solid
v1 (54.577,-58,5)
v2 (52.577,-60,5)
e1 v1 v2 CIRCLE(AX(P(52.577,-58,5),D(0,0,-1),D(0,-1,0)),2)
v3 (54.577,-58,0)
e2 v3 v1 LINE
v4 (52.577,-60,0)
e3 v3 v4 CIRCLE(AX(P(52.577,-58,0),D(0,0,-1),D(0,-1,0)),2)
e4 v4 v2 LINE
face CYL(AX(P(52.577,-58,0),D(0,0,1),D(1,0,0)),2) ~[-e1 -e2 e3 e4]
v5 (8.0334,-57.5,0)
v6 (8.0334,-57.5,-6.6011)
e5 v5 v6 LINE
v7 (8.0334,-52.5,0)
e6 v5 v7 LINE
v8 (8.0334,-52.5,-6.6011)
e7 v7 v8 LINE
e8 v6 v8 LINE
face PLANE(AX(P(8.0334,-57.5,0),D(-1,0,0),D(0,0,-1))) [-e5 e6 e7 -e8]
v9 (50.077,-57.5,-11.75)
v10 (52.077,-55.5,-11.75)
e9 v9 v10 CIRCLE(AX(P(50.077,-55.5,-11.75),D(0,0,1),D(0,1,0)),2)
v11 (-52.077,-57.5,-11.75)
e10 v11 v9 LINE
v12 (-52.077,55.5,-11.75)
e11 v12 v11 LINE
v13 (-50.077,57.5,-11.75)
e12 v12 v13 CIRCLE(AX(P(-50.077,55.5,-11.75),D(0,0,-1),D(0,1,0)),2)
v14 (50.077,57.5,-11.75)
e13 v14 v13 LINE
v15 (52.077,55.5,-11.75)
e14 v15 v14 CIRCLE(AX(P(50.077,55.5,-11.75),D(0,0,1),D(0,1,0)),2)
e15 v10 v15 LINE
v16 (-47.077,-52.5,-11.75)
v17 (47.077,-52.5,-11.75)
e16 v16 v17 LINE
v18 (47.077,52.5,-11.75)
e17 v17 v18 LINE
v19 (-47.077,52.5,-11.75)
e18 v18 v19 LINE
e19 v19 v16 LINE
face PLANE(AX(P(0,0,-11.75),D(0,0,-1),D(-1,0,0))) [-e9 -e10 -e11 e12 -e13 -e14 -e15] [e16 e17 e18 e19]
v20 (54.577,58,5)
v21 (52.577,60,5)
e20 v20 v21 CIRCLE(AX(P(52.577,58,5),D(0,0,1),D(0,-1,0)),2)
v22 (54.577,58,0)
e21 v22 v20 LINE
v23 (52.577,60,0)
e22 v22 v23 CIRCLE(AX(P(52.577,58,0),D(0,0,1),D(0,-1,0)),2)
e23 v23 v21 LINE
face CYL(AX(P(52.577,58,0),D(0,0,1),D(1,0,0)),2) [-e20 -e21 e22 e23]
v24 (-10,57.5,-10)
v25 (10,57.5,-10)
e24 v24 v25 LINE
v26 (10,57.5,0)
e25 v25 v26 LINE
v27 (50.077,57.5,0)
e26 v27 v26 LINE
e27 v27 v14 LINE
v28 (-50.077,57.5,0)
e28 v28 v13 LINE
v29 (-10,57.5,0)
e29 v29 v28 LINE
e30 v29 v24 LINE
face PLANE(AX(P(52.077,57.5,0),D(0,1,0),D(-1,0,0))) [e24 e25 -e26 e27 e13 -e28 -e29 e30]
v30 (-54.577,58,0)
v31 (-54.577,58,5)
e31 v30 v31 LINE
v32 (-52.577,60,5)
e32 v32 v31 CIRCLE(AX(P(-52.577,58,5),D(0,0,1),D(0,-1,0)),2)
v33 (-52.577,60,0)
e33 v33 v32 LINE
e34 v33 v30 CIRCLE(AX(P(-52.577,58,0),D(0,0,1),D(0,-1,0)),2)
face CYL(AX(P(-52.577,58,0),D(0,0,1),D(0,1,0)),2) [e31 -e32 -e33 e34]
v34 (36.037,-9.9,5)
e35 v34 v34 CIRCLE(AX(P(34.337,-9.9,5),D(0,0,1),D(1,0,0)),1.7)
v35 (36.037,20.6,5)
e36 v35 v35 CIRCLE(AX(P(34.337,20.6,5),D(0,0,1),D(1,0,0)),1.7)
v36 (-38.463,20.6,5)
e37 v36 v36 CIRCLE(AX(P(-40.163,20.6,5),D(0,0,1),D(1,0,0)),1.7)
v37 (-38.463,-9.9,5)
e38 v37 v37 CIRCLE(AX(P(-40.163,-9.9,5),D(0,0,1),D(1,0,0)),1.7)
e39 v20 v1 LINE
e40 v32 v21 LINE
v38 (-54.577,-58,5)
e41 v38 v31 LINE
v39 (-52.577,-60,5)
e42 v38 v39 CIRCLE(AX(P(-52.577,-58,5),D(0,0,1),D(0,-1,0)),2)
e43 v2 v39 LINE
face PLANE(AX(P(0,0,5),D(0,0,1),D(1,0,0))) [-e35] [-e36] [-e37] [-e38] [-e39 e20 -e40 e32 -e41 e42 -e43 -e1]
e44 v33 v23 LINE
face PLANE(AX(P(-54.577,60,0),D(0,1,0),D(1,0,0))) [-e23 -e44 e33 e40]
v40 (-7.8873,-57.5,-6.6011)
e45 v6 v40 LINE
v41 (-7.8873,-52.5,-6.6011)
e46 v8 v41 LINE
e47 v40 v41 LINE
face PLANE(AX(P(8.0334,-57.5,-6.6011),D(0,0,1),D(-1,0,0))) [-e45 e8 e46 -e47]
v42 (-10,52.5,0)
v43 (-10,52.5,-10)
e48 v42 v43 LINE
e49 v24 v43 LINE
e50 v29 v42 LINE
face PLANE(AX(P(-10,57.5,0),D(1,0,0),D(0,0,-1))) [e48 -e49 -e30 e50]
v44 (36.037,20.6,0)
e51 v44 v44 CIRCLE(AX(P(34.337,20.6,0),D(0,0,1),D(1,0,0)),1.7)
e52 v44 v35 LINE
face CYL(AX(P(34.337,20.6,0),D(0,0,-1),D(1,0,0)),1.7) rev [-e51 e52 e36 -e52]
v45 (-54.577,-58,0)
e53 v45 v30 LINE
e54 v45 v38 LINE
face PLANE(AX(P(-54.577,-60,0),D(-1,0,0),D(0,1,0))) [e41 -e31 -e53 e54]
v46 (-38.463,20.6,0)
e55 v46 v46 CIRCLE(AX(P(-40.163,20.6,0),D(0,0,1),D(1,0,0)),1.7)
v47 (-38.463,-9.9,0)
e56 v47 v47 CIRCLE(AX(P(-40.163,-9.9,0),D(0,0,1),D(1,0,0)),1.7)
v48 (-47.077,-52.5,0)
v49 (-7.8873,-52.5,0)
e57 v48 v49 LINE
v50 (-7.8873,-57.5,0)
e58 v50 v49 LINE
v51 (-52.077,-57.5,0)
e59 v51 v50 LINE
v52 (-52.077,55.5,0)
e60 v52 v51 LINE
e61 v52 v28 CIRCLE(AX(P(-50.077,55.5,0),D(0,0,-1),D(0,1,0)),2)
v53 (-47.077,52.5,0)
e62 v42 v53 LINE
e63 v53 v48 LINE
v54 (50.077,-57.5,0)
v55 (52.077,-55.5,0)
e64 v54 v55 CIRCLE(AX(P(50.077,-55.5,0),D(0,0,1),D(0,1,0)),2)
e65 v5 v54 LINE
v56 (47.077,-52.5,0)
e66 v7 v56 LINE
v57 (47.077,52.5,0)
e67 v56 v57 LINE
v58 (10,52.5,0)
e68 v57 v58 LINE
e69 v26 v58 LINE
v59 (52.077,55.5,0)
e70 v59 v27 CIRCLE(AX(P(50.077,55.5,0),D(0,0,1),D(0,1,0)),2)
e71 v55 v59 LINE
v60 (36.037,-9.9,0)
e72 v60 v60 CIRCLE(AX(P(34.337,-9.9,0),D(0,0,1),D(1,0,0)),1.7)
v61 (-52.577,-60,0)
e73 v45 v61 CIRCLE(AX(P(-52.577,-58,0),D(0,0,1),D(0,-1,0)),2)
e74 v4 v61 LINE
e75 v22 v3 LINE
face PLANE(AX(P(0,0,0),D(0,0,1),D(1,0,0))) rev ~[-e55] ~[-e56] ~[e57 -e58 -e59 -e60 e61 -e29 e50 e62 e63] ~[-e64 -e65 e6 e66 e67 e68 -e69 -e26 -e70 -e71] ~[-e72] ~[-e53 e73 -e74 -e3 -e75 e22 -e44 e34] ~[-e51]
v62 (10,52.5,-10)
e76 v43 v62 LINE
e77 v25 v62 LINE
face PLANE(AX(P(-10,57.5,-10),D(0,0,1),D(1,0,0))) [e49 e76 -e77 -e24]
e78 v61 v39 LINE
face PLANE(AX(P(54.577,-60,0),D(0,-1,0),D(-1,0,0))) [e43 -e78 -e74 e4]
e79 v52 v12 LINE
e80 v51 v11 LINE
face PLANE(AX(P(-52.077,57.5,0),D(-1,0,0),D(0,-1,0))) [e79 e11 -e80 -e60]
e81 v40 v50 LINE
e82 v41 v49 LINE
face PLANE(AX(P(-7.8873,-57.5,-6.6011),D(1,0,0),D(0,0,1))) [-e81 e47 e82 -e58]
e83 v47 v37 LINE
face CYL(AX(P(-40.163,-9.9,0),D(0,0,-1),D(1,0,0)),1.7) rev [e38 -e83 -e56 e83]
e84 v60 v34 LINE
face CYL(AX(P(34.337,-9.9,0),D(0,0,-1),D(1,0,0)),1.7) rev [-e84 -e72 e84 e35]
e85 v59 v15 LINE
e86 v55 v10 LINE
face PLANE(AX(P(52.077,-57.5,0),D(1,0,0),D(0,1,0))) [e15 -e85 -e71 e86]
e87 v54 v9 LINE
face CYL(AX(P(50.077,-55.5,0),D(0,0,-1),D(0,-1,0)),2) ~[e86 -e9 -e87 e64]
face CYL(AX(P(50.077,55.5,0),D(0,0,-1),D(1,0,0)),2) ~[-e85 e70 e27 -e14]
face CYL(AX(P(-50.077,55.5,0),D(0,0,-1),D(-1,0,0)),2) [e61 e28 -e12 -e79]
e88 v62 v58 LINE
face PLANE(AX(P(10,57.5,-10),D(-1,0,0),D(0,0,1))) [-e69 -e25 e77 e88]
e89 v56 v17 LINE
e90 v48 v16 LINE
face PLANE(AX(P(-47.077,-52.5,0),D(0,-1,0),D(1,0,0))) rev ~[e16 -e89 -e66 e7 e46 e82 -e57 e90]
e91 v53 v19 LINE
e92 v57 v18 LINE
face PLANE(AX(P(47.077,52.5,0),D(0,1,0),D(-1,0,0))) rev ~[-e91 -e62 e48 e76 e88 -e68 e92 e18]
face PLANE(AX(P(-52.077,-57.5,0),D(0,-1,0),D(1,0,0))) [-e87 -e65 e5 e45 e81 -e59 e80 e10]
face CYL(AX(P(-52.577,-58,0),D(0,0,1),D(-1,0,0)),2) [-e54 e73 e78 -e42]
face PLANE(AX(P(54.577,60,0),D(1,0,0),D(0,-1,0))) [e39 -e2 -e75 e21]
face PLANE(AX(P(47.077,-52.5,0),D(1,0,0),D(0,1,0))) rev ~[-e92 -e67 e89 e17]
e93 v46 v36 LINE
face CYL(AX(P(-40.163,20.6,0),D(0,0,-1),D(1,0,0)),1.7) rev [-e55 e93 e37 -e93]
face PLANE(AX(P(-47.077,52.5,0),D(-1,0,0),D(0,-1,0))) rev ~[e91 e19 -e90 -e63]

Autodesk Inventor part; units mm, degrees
ref_plane "YZ Plane" through (0, 0, 0) normal (1, 0, 0) x (0, 1, 0)
ref_plane "XZ Plane" through (0, 0, 0) normal (0, 1, 0) x (-1, 0, 0)
ref_plane "XY Plane" through (0, 0, 0) normal (0, 0, 1) x (1, 0, 0)
sketch "Sketch1" plane through (0, 0, 0) normal (0, 0, 1) x (1, 0, 0)
  line L0 (-44.577, -50) -> (44.577, -50) projected
  line L1 (44.577, -50) -> (44.577, 50) projected
  line L2 (44.577, 50) -> (-44.577, 50) projected
  line L3 (-44.577, 50) -> (-44.577, -50) projected
  line L4 (54.577, 60) -> (54.577, -60)
  line L5 (54.577, -60) -> (-54.577, -60)
  line L6 (-54.577, -60) -> (-54.577, 60)
  line L7 (-54.577, 60) -> (54.577, 60)
  circle A0 centre (34.337, -9.9) radius 1.7 projected
  circle A1 centre (34.337, 20.6) radius 1.7 projected
  circle A2 centre (-40.163, -9.9) radius 1.7 projected
  circle A3 centre (-40.163, 20.6) radius 1.7 projected
  point P0 (0, 0)
  dimension "d0" = 10
extrude "Extrusion1" add sketch "Sketch1" along normal blind 5 contours L3 L2 L1 L0 | L4 L5 L6 L7
sketch "Sketch2" plane through (0, 0, 0) normal (0, 0, -1) x (-1, 0, 0)
  line L0 (44.577, -50) -> (-44.577, -50) projected
  line L1 (44.577, 50) -> (44.577, -50) projected
  line L2 (-44.577, 50) -> (44.577, 50) projected
  line L3 (-44.577, -50) -> (-44.577, 50) projected
  line L4 (54.577, 60) -> (54.577, -60) projected
  line L5 (-54.577, 60) -> (54.577, 60) projected
  line L6 (-54.577, -60) -> (-54.577, 60) projected
  line L7 (54.577, -60) -> (-54.577, -60) projected
  circle A0 centre (-34.337, -9.9) radius 1.7 projected
  circle A1 centre (-34.337, 20.6) radius 1.7 projected
  circle A2 centre (40.163, -9.9) radius 1.7 projected
  circle A3 centre (40.163, 20.6) radius 1.7 projected
  line L8 (47.077, 52.5) -> (47.077, -52.5)
  line L9 (47.077, -52.5) -> (-47.077, -52.5)
  line L10 (-47.077, -52.5) -> (-47.077, 52.5)
  line L11 (-47.077, 52.5) -> (47.077, 52.5)
  line L12 (52.077, 57.5) -> (52.077, -57.5)
  line L13 (52.077, -57.5) -> (-52.077, -57.5)
  line L14 (-52.077, -57.5) -> (-52.077, 57.5)
  line L15 (-52.077, 57.5) -> (52.077, 57.5)
  point P0 (0, 0)
  dimension "d3" = 2.5
  dimension "d4" = 2.5
extrude "Extrusion2" add sketch "Sketch2" along normal blind 11.75 contours L12 L13 L14 L15
fillet "Fillet1" radius 2 7 edges at (52.077, -57.5, -5.875) (54.577, -60, 2.5) (-54.577, -60, 2.5) (-54.577, 60, 2.5) (-52.077, 57.5, -5.875) (52.077, 57.5, -5.875) (54.577, 60, 2.5)
sketch "Sketch3" plane through (-52.077, -57.5, -11.75) normal (0, -1, 0) x (1, 0, 0)
  line L0 (44.1897, 5.1489) -> (44.1897, 11.75) projected
  line L1 (60.1104, 5.1489) -> (44.1897, 5.1489) projected
  line L2 (60.1104, 11.75) -> (60.1104, 5.1489) projected
  line L3 (0, 11.75) -> (102.154, 11.75) projected
  point P0 (52.077, 11.75)
extrude "Extrusion3" cut sketch "Sketch3" against normal blind 11.75
sketch "Sketch4" plane through (-50.077, 57.5, 0) normal (0, 1, 0) x (1, 0, 0)
  line L0 (40.077, 10) -> (60.077, 10) projected
  line L1 (40.077, 0) -> (40.077, 10) projected
  line L2 (60.077, 10) -> (60.077, 0) projected
  line L3 (100.154, 0) -> (0, 0) projected
  point P0 (50.077, 0)
extrude "Extrusion4" cut sketch "Sketch4" against normal blind 11.75
properties part number "Cubierta parte 1"
